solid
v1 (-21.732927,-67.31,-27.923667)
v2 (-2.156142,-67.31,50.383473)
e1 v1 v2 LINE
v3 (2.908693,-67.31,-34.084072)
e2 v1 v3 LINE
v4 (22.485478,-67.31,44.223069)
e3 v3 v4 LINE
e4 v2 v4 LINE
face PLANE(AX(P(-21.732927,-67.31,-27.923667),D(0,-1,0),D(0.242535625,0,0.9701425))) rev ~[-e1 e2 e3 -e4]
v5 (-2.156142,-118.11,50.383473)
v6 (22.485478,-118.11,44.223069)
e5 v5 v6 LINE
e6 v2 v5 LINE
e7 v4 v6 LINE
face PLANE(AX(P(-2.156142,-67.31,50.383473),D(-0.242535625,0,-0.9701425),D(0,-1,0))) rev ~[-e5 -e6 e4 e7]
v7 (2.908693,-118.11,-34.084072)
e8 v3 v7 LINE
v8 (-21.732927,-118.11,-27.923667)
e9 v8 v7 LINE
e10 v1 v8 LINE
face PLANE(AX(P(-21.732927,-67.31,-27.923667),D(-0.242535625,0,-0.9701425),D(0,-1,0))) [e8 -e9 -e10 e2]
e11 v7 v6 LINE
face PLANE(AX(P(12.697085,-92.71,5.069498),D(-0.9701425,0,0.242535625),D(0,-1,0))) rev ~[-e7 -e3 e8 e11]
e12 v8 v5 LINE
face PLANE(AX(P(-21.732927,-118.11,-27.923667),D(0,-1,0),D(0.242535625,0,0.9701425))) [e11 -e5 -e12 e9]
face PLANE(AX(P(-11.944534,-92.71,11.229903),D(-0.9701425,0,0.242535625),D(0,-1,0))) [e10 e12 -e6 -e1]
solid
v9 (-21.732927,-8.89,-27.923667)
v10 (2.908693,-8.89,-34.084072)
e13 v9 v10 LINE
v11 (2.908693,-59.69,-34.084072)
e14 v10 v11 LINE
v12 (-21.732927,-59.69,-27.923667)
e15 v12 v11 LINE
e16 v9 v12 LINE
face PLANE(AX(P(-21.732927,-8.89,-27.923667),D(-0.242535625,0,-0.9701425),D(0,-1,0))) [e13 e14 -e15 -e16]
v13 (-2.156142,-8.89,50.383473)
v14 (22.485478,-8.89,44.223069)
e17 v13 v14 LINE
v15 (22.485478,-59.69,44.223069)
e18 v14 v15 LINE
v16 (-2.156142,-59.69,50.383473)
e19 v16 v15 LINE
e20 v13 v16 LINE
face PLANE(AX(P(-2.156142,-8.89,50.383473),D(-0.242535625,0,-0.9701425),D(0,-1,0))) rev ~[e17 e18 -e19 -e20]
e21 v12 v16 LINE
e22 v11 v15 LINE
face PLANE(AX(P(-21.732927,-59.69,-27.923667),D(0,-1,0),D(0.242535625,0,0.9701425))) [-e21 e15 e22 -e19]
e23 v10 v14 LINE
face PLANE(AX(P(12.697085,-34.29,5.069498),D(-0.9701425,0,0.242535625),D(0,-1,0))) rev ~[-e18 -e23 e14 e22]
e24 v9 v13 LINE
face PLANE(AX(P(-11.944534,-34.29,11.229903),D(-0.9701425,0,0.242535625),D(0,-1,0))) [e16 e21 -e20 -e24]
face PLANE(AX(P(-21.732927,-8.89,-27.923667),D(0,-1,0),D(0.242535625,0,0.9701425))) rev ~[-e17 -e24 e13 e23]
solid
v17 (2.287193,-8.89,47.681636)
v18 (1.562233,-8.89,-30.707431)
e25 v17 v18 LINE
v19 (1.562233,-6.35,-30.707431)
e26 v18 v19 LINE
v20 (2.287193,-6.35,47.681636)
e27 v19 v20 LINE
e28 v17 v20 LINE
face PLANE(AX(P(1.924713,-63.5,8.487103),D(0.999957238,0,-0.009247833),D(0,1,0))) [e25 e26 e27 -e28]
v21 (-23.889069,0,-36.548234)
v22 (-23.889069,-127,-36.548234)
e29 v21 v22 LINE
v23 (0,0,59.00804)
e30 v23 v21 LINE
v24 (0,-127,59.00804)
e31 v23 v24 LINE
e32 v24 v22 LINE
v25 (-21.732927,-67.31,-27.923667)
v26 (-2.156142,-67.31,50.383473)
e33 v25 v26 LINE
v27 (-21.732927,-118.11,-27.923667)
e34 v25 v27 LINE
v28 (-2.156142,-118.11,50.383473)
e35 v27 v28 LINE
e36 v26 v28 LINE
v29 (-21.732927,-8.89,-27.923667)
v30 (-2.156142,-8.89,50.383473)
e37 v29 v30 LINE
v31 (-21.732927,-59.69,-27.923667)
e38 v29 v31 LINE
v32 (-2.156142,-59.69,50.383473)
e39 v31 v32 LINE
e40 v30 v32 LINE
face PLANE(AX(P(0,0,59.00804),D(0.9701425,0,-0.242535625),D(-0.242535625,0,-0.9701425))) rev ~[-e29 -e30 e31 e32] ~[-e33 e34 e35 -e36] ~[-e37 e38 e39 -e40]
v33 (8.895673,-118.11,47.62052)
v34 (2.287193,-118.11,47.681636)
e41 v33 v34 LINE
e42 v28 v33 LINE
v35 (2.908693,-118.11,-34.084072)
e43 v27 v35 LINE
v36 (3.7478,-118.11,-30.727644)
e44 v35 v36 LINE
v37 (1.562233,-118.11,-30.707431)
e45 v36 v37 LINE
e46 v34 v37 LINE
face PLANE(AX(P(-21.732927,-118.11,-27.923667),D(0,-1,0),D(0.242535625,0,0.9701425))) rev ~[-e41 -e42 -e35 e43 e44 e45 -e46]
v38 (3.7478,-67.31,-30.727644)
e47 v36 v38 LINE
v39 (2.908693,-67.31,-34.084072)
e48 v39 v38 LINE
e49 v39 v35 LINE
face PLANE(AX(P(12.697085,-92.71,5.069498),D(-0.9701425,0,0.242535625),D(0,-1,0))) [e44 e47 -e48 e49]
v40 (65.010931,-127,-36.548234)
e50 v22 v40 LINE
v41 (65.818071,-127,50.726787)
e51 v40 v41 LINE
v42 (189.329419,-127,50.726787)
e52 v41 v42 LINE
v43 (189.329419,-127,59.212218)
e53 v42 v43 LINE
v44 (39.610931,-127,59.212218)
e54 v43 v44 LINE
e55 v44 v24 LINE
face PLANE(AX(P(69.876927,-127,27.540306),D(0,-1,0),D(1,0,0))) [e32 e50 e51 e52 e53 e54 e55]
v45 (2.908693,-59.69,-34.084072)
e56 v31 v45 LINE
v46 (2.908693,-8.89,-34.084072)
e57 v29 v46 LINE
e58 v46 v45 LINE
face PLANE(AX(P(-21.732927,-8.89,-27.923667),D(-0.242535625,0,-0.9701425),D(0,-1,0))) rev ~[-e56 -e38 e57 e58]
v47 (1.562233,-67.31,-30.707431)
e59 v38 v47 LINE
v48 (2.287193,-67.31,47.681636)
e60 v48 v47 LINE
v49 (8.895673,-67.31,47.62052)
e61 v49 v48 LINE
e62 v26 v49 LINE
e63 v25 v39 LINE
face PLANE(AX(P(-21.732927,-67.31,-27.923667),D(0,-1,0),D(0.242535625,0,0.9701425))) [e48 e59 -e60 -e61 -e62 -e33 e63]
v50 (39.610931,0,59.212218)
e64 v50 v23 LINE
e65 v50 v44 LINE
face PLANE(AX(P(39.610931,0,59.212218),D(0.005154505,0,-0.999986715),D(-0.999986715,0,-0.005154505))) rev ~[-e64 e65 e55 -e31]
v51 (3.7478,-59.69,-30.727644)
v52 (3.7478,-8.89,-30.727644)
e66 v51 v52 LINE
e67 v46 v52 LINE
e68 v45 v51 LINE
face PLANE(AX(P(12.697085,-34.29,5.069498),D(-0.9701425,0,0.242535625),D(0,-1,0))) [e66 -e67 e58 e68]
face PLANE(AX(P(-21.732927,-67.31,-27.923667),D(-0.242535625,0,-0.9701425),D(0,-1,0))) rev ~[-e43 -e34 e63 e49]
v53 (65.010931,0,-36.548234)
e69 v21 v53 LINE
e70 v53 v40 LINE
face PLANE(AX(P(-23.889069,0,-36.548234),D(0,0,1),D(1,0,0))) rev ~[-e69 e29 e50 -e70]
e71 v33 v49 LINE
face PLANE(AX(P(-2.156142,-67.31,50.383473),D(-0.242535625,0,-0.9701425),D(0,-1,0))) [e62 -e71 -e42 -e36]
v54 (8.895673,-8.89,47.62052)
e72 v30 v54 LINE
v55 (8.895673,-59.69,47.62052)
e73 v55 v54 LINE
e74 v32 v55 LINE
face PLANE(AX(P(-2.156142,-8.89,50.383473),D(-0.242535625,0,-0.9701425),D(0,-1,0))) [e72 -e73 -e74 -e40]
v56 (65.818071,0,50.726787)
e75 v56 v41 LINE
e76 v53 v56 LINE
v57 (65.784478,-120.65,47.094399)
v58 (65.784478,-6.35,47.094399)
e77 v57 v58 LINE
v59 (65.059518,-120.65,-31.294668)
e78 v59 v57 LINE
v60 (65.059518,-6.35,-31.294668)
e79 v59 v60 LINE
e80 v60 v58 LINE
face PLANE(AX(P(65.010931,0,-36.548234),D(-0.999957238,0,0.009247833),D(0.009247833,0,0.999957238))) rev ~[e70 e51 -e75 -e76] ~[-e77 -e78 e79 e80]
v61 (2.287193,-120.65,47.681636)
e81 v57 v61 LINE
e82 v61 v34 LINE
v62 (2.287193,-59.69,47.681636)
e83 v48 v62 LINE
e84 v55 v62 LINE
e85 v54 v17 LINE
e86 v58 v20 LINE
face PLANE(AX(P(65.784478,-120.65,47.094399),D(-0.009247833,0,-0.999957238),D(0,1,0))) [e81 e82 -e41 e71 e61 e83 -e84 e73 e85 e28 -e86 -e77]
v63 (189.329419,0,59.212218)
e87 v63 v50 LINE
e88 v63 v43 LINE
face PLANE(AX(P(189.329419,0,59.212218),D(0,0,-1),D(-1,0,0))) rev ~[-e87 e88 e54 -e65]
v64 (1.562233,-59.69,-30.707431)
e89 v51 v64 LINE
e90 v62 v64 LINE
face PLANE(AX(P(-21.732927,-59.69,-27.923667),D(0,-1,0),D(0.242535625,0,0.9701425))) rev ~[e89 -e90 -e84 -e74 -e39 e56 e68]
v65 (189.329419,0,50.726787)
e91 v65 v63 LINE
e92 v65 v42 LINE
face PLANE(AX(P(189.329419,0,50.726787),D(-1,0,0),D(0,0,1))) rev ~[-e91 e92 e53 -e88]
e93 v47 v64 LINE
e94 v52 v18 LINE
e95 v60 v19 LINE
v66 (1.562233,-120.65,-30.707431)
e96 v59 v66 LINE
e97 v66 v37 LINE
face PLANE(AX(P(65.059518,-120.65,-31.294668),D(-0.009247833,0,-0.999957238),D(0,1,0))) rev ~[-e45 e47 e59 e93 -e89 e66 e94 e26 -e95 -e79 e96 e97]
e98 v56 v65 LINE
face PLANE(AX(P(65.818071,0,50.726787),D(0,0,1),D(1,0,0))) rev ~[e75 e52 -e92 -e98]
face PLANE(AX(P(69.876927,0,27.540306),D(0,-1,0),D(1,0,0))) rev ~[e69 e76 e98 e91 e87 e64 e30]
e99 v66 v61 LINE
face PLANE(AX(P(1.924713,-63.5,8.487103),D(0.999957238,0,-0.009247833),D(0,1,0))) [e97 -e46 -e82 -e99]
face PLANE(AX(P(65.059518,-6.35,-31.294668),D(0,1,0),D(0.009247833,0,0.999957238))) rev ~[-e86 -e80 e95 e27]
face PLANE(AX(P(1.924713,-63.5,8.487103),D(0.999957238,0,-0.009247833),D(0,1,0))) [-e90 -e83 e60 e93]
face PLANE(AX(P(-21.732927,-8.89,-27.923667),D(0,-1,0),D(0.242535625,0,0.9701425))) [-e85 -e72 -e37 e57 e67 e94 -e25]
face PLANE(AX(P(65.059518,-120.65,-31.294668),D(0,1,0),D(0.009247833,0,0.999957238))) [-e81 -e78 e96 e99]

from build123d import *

# Parameters (mm, degrees)
F1_DEPTH = 127
F2_W     = 114.3
F2_H     = 78.3924195651
F3_DEPTH = 63.5
F4_W     = 50.8
F4_H     = 80.7171528415
F5_DEPTH = 25.4
F6_DEPTH = 25.4


with BuildPart() as f1:
    # F0 (on Front) → F1 (new body)
    with BuildSketch(Plane.XZ):
        Polygon((39.6109314713, 59.2122177594), (0, 59.0080402892), (-23.8890685287, -36.5482338256), (65.0109314713, -36.5482338256), (65.8180707803, 50.7267867081), (189.3294194156, 50.7267867081), (189.3294194156, 59.2122177594), align=None)
    extrude(amount=F1_DEPTH)

    # F2 (on face) → F3 (cut)
    with BuildSketch(Plane(origin=(65.3433490805, 0, -0.6043102058), x_dir=(0, 1, 0), z_dir=(0.9999572379, 0, -0.0092478328))):
        with Locations((-63.5, 8.5045392761)):
            Rectangle(F2_W, F2_H)
    extrude(amount=-F3_DEPTH, mode=Mode.SUBTRACT)

    # F4 (on face) → F5 (cut)
    with BuildSketch(Plane(origin=(-13.8842447739, 0, 3.4710611935), x_dir=(0, -1, 0), z_dir=(-0.9701425001, 0, 0.242535625))):
        with Locations((34.29, 7.9976313141)):
            Rectangle(F4_W, F4_H)
        with Locations((92.71, 7.9976313141)):
            Rectangle(F4_W, F4_H)
    extrude(amount=-F5_DEPTH, mode=Mode.SUBTRACT)


with BuildPart() as f6:
    # F4 (on face) → F6 (new body)
    with BuildSketch(Plane(origin=(-13.8842447739, 0, 3.4710611935), x_dir=(0, -1, 0), z_dir=(-0.9701425001, 0, 0.242535625))):
        with Locations((34.29, 7.9976313141)):
            Rectangle(F4_W, F4_H)
    extrude(amount=-F6_DEPTH)


with BuildPart() as f6b:
    # F4 (on face) → F6, piece 2 (new body)
    with BuildSketch(Plane(origin=(-13.8842447739, 0, 3.4710611935), x_dir=(0, -1, 0), z_dir=(-0.9701425001, 0, 0.242535625))):
        with Locations((92.71, 7.9976313141)):
            Rectangle(F4_W, F4_H)
    extrude(amount=-F6_DEPTH)


solid = Compound([f1.part, f6.part, f6b.part])
